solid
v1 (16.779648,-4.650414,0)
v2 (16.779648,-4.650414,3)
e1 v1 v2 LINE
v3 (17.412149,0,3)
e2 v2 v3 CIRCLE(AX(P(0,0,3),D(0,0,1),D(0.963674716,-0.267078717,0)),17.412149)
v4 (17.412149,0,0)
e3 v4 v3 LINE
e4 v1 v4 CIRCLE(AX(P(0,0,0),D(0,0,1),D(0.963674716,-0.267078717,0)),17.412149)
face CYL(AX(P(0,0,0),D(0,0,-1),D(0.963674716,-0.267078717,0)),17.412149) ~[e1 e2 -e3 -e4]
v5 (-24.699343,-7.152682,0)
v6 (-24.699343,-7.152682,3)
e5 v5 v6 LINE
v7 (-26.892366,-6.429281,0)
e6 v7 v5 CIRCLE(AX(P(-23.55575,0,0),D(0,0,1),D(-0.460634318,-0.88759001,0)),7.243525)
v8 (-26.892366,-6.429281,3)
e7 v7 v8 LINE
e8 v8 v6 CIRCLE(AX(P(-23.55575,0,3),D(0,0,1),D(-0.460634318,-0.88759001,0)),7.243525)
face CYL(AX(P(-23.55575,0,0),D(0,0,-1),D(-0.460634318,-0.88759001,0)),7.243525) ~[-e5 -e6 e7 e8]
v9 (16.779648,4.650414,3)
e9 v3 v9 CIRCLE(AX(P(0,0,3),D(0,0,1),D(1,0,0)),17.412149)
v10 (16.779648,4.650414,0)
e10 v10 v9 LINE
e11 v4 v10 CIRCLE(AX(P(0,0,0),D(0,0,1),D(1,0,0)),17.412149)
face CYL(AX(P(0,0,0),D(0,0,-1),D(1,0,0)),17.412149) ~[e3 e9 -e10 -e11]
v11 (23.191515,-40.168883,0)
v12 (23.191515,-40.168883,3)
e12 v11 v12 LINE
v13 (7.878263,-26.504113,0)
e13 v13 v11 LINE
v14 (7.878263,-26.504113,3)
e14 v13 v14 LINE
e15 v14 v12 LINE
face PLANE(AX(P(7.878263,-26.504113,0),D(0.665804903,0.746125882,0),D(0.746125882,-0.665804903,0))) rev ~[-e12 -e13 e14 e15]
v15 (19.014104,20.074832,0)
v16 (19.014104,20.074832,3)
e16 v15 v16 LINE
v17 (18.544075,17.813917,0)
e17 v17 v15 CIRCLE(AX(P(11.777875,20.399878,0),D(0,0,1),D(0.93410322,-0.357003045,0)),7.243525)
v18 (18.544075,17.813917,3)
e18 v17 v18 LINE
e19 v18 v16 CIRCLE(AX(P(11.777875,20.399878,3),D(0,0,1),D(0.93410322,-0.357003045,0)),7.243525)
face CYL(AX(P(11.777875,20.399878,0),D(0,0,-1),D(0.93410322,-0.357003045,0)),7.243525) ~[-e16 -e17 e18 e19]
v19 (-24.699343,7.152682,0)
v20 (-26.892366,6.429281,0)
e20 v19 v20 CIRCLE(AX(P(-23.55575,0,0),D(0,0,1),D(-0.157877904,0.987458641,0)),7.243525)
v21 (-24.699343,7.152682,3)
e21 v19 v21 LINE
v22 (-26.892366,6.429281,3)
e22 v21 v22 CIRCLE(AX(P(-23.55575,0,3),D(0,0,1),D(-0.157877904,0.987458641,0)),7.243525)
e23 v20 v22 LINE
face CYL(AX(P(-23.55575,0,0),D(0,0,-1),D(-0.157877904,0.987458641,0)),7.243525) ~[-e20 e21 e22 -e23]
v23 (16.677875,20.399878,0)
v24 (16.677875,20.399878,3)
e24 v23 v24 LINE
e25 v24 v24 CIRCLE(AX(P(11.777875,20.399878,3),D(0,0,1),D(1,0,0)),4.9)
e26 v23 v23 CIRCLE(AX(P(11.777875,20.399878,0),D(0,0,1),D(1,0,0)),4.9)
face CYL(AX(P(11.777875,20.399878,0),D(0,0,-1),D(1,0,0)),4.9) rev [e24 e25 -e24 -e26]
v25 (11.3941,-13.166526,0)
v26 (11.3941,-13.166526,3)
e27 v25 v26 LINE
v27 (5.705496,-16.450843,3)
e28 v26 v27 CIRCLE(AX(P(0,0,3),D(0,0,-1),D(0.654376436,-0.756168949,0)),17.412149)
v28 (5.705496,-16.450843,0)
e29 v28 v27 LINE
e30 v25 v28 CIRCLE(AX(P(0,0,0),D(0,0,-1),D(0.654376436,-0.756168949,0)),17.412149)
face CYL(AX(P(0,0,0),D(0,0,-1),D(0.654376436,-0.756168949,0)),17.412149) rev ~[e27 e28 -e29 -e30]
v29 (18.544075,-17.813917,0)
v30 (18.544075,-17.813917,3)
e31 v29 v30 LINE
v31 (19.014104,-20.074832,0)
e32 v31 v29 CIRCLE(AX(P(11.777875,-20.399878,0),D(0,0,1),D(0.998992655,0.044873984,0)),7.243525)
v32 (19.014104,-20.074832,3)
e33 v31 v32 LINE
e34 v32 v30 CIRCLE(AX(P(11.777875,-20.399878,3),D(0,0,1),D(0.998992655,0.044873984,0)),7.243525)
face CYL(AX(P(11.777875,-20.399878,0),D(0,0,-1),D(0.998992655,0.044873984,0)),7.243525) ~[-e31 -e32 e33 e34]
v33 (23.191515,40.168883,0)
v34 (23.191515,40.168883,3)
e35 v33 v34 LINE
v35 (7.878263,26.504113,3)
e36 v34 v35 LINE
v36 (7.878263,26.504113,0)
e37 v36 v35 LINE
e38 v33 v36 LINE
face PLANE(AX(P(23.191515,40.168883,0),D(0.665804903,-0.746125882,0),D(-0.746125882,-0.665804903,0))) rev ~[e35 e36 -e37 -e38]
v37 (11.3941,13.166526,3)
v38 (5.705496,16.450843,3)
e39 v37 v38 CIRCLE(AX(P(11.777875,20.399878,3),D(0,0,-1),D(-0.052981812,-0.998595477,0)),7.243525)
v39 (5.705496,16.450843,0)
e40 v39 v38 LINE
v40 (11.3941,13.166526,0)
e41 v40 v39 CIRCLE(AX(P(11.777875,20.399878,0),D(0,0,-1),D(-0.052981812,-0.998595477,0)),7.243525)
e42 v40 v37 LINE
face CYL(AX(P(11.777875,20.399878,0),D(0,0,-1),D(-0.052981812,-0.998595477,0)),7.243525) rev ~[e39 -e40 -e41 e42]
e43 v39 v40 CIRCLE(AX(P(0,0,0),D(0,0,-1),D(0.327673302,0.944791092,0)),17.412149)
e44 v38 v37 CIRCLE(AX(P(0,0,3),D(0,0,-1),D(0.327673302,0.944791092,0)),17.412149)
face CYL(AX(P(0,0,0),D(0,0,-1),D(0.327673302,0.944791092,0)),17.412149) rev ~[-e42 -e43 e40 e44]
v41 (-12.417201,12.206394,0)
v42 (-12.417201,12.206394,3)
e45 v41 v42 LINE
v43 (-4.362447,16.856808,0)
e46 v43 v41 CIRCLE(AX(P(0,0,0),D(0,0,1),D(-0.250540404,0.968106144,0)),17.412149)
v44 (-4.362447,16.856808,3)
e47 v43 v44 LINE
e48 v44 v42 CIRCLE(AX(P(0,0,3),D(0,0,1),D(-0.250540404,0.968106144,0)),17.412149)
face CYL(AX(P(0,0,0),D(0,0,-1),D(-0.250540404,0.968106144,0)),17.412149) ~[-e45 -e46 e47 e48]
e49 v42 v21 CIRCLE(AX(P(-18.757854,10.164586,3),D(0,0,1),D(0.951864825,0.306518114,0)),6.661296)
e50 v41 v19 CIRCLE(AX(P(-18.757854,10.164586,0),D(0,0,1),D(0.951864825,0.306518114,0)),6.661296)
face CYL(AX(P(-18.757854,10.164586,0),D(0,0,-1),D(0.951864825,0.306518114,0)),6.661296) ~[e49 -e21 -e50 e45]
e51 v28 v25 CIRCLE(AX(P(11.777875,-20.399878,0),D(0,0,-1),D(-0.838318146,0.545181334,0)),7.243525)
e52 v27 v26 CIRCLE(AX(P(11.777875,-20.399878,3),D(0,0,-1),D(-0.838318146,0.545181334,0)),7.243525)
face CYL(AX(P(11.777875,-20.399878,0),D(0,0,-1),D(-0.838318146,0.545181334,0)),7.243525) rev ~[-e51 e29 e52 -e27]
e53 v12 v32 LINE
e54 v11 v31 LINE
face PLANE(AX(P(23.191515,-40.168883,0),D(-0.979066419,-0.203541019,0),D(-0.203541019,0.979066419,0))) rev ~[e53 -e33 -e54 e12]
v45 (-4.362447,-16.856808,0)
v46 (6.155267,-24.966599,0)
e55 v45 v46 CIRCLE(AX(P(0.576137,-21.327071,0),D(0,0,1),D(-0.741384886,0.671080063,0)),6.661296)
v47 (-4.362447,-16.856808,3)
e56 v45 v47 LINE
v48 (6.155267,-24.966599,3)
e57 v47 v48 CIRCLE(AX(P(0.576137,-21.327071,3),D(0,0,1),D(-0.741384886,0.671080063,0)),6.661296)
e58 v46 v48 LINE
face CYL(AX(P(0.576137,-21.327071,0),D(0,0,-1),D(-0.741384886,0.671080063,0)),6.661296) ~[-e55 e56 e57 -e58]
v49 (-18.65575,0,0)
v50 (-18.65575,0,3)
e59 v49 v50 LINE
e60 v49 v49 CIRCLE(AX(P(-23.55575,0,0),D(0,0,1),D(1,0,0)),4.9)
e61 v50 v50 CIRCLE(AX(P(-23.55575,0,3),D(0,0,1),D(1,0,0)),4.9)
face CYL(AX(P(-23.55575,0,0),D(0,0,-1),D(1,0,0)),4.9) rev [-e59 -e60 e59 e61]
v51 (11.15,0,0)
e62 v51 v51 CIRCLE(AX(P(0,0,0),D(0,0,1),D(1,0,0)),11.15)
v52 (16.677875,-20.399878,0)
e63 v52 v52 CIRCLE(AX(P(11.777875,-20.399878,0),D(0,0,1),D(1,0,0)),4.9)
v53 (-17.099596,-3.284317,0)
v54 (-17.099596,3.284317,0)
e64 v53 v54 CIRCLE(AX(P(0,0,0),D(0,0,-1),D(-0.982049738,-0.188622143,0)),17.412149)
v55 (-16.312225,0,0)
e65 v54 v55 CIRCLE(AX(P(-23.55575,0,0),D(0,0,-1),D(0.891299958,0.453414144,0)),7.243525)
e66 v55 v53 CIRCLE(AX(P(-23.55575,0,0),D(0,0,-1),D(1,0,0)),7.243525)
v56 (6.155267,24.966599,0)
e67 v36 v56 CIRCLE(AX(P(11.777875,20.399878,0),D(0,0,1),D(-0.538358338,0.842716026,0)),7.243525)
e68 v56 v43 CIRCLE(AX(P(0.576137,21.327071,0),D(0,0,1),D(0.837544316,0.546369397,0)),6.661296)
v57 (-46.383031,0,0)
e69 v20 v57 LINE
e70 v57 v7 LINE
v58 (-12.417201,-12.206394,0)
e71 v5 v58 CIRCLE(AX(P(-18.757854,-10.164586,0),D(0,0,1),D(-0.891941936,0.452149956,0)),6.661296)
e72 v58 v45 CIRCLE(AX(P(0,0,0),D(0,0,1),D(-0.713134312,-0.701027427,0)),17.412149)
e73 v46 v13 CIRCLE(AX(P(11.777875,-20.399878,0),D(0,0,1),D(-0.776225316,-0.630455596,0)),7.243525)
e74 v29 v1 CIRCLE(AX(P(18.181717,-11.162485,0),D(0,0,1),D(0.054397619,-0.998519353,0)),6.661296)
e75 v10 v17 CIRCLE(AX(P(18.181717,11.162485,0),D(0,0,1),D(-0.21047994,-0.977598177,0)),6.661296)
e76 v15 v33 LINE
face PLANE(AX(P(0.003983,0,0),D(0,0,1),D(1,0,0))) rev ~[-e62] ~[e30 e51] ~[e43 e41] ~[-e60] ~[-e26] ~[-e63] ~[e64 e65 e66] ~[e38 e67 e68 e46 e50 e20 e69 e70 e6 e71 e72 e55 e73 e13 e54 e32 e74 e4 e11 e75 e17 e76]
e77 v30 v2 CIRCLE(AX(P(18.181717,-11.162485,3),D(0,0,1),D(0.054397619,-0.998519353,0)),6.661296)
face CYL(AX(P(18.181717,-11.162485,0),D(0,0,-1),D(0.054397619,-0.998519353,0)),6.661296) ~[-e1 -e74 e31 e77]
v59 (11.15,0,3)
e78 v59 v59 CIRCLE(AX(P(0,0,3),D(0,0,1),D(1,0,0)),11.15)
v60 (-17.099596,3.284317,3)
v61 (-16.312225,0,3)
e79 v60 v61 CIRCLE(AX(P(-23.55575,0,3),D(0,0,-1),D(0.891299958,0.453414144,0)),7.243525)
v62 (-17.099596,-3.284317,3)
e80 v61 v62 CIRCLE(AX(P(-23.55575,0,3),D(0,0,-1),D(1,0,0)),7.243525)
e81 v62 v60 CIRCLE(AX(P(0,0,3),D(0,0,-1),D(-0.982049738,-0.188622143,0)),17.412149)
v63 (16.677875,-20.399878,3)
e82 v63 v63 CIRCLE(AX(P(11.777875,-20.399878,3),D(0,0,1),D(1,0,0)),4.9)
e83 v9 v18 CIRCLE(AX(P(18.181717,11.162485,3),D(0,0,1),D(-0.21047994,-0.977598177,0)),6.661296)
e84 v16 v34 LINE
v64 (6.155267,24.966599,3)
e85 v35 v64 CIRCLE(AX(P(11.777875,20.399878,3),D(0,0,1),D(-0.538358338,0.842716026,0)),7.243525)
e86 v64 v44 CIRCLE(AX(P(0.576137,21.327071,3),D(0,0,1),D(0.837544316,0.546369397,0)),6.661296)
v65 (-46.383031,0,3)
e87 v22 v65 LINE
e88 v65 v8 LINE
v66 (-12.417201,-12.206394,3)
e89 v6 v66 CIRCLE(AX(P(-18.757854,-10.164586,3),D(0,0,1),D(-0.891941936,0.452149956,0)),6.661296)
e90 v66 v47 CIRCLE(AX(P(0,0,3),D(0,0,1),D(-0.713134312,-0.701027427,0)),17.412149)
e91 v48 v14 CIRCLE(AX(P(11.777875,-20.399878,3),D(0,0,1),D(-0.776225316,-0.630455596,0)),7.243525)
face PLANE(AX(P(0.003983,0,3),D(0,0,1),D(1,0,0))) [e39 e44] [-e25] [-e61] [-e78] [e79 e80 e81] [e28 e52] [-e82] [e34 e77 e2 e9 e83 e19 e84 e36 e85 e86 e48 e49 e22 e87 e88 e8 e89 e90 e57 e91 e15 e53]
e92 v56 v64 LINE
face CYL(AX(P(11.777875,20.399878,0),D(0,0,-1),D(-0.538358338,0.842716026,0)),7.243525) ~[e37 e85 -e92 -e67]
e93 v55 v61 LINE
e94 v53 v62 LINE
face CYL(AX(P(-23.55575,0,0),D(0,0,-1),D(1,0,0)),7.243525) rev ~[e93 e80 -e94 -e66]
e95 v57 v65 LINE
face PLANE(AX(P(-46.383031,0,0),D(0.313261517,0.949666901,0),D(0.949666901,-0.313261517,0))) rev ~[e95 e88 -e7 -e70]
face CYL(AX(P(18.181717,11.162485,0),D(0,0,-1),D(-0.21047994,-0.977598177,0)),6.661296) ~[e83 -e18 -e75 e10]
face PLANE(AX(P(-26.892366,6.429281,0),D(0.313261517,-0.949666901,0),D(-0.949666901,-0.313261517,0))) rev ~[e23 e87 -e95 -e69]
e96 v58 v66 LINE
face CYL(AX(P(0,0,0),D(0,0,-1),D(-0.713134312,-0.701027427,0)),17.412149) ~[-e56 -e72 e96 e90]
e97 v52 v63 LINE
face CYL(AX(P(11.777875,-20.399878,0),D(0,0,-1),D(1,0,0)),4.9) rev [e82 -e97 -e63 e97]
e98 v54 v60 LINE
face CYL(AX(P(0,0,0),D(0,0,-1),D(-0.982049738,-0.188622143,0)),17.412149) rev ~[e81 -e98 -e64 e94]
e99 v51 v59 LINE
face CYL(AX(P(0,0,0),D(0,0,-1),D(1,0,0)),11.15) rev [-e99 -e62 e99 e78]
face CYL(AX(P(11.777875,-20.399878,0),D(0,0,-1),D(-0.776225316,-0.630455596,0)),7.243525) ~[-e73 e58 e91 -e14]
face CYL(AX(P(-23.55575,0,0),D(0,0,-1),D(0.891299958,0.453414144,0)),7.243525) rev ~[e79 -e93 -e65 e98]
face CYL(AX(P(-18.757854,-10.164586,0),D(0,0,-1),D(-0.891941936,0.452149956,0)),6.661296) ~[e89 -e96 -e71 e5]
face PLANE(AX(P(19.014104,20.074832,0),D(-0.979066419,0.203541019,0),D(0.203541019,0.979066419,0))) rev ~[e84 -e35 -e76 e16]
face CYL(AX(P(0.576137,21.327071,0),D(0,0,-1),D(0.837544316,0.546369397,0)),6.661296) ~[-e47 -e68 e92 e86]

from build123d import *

# Parameters (mm, degrees)
F0_R     = 11.15
F0_R_2   = 4.9
F1_DEPTH = 3


with BuildPart() as f1:
    # F0 (on Top) → F1 (new body)
    with BuildSketch(Plane.XY):
        with BuildLine():
            ThreePointArc((16.7796476189, -4.6504143809), (17.2532989655, -2.3466152082), (17.4121488659, 0))
            ThreePointArc((17.4121488659, 0), (17.2532989655, 2.3466152082), (16.7796476189, 4.6504143809))
            ThreePointArc((16.7796476189, 4.6504143809), (14.716353257, 9.3065501096), (11.394099918, 13.1665263143))
            ThreePointArc((11.394099918, 13.1665263143), (8.1561123591, 14.1268009982), (5.7054963088, 16.4508431394))
            ThreePointArc((5.7054963088, 16.4508431394), (0.7015321881, 17.3980108264), (-4.3624468175, 16.8568082949))
            ThreePointArc((-4.3624468175, 16.8568082949), (-8.7060744329, 15.0793632523), (-12.4172008014, 12.2063939141))
            ThreePointArc((-12.4172008014, 12.2063939141), (-15.417885445, 8.0914607168), (-17.0995962268, 3.2843168251))
            ThreePointArc((-17.0995962268, 3.2843168251), (-16.5118174482, 1.6886896474), (-16.3122247182, 0))
            ThreePointArc((-16.3122247182, 0), (-16.5118174482, -1.6886896474), (-17.0995962268, -3.2843168251))
            ThreePointArc((-17.0995962268, -3.2843168251), (-15.417885445, -8.0914607168), (-12.4172008014, -12.2063939141))
            ThreePointArc((-12.4172008014, -12.2063939141), (-8.7060744329, -15.0793632523), (-4.3624468175, -16.8568082949))
            ThreePointArc((-4.3624468175, -16.8568082949), (0.7015321881, -17.3980108264), (5.7054963088, -16.4508431394))
            ThreePointArc((5.7054963088, -16.4508431394), (8.1561123591, -14.1268009982), (11.394099918, -13.1665263143))
            ThreePointArc((11.394099918, -13.1665263143), (14.716353257, -9.3065501096), (16.7796476189, -4.6504143809))
        make_face()
        Circle(F0_R, mode=Mode.SUBTRACT)
        with BuildLine():
            ThreePointArc((11.394099918, 13.1665263143), (14.716353257, 9.3065501096), (16.7796476189, 4.6504143809))
            ThreePointArc((16.7796476189, 4.6504143809), (24.783966475, 10.2775233545), (18.5440753296, 17.8139173361))
            ThreePointArc((18.5440753296, 17.8139173361), (15.7254563935, 14.3265542792), (11.394099918, 13.1665263143))
        make_face()
        with BuildLine():
            ThreePointArc((18.5440753296, -17.8139173361), (24.783966475, -10.2775233545), (16.7796476189, -4.6504143809))
            ThreePointArc((16.7796476189, -4.6504143809), (14.716353257, -9.3065501096), (11.394099918, -13.1665263143))
            ThreePointArc((11.394099918, -13.1665263143), (15.7254563935, -14.3265542792), (18.5440753296, -17.8139173361))
        make_face()
        with BuildLine():
            ThreePointArc((5.7054963088, 16.4508431394), (8.7060744329, 15.0793632523), (11.394099918, 13.1665263143))
            ThreePointArc((11.394099918, 13.1665263143), (15.7254563935, 14.3265542792), (18.5440753296, 17.8139173361))
            Line((18.5440753296, 17.8139173361), (19.0141035967, 20.0748320902))
            ThreePointArc((19.0141035967, 20.0748320902), (19.0195759115, 20.2373140649), (19.0214003227, 20.3998779288))
            ThreePointArc((19.0214003227, 20.3998779288), (15.2579410266, 26.7526568049), (7.8782627684, 26.50411279))
            Line((7.8782627684, 26.50411279), (6.1552672891, 24.9665989932))
            ThreePointArc((6.1552672891, 24.9665989932), (4.5444317578, 20.7819218625), (5.7054963088, 16.4508431394))
        make_face()
        with Locations((11.7778750136, 20.3998779288)):
            Circle(F0_R_2, mode=Mode.SUBTRACT)
        with BuildLine():
            Line((19.0141035967, 20.0748320902), (18.5440753296, 17.8139173361))
            ThreePointArc((18.5440753296, 17.8139173361), (18.8697674021, 18.9255234077), (19.0141035967, 20.0748320902))
        make_face()
        with BuildLine():
            ThreePointArc((18.5440753296, -17.8139173361), (15.7254563935, -14.3265542792), (11.394099918, -13.1665263143))
            ThreePointArc((11.394099918, -13.1665263143), (8.7060744329, -15.0793632523), (5.7054963088, -16.4508431394))
            ThreePointArc((5.7054963088, -16.4508431394), (4.5444317578, -20.7819218625), (6.1552672891, -24.9665989932))
            Line((6.1552672891, -24.9665989932), (7.8782627684, -26.50411279))
            ThreePointArc((7.8782627684, -26.50411279), (15.2579410266, -26.7526568049), (19.0214003227, -20.3998779288))
            ThreePointArc((19.0214003227, -20.3998779288), (19.0195759115, -20.2373140649), (19.0141035967, -20.0748320902))
            Line((19.0141035967, -20.0748320902), (18.5440753296, -17.8139173361))
        make_face()
        with Locations((11.7778750136, -20.3998779288)):
            Circle(F0_R_2, mode=Mode.SUBTRACT)
        with BuildLine():
            ThreePointArc((19.0141035967, -20.0748320902), (18.8697674021, -18.9255234077), (18.5440753296, -17.8139173361))
            Line((18.5440753296, -17.8139173361), (19.0141035967, -20.0748320902))
        make_face()
        with BuildLine():
            ThreePointArc((-4.3624468175, 16.8568082949), (0.7015321881, 17.3980108264), (5.7054963088, 16.4508431394))
            ThreePointArc((5.7054963088, 16.4508431394), (4.5444317578, 20.7819218625), (6.1552672891, 24.9665989932))
            ThreePointArc((6.1552672891, 24.9665989932), (-3.4913869245, 26.6023062511), (-4.3624468175, 16.8568082949))
        make_face()
        with BuildLine():
            ThreePointArc((19.0214003227, 20.3998779288), (19.0195759115, 20.2373140649), (19.0141035967, 20.0748320902))
            Line((19.0141035967, 20.0748320902), (23.1915153563, 40.1688829016))
            Line((23.1915153563, 40.1688829016), (7.8782627684, 26.50411279))
            ThreePointArc((7.8782627684, 26.50411279), (15.2579410266, 26.7526568049), (19.0214003227, 20.3998779288))
        make_face()
        with BuildLine():
            ThreePointArc((6.1552672891, -24.9665989932), (4.5444317578, -20.7819218625), (5.7054963088, -16.4508431394))
            ThreePointArc((5.7054963088, -16.4508431394), (0.7015321881, -17.3980108264), (-4.3624468175, -16.8568082949))
            ThreePointArc((-4.3624468175, -16.8568082949), (-3.4913869245, -26.6023062511), (6.1552672891, -24.9665989932))
        make_face()
        with BuildLine():
            Line((23.1915153563, -40.1688829016), (19.0141035967, -20.0748320902))
            ThreePointArc((19.0141035967, -20.0748320902), (19.0195759115, -20.2373140649), (19.0214003227, -20.3998779288))
            ThreePointArc((19.0214003227, -20.3998779288), (15.2579410266, -26.7526568049), (7.8782627684, -26.50411279))
            Line((7.8782627684, -26.50411279), (23.1915153563, -40.1688829016))
        make_face()
        with BuildLine():
            ThreePointArc((7.8782627684, 26.50411279), (6.95510035, 25.8044596376), (6.1552672891, 24.9665989932))
            Line((6.1552672891, 24.9665989932), (7.8782627684, 26.50411279))
        make_face()
        with BuildLine():
            Line((7.8782627684, -26.50411279), (6.1552672891, -24.9665989932))
            ThreePointArc((6.1552672891, -24.9665989932), (6.95510035, -25.8044596376), (7.8782627684, -26.50411279))
        make_face()
        with BuildLine():
            ThreePointArc((-17.0995962268, 3.2843168251), (-15.417885445, 8.0914607168), (-12.4172008014, 12.2063939141))
            ThreePointArc((-12.4172008014, 12.2063939141), (-21.2925795505, 16.3247828966), (-24.6993426188, 7.1526816571))
            ThreePointArc((-24.6993426188, 7.1526816571), (-20.2698881513, 6.4553675833), (-17.0995962268, 3.2843168251))
        make_face()
        with BuildLine():
            ThreePointArc((-24.6993426188, -7.1526816571), (-21.2925795505, -16.3247828966), (-12.4172008014, -12.2063939141))
            ThreePointArc((-12.4172008014, -12.2063939141), (-15.417885445, -8.0914607168), (-17.0995962268, -3.2843168251))
            ThreePointArc((-17.0995962268, -3.2843168251), (-20.2698881513, -6.4553675833), (-24.6993426188, -7.1526816571))
        make_face()
        with BuildLine():
            ThreePointArc((-17.0995962268, -3.2843168251), (-17.4121488659, 0), (-17.0995962268, 3.2843168251))
            ThreePointArc((-17.0995962268, 3.2843168251), (-20.2698881513, 6.4553675833), (-24.6993426188, 7.1526816571))
            Line((-24.6993426188, 7.1526816571), (-26.8923663651, 6.4292806998))
            ThreePointArc((-26.8923663651, 6.4292806998), (-30.7992753364, 0), (-26.8923663651, -6.4292806998))
            Line((-26.8923663651, -6.4292806998), (-24.6993426188, -7.1526816571))
            ThreePointArc((-24.6993426188, -7.1526816571), (-20.2698881513, -6.4553675833), (-17.0995962268, -3.2843168251))
        make_face()
        with Locations((-23.5557500273, 0)):
            Circle(F0_R_2, mode=Mode.SUBTRACT)
        with BuildLine():
            Line((-26.8923663651, 6.4292806998), (-24.6993426188, 7.1526816571))
            ThreePointArc((-24.6993426188, 7.1526816571), (-25.8248677521, 6.8789362299), (-26.8923663651, 6.4292806998))
        make_face()
        with BuildLine():
            ThreePointArc((-26.8923663651, -6.4292806998), (-25.8248677521, -6.8789362299), (-24.6993426188, -7.1526816571))
            Line((-24.6993426188, -7.1526816571), (-26.8923663651, -6.4292806998))
        make_face()
        with BuildLine():
            ThreePointArc((-26.8923663651, -6.4292806998), (-30.7992753364, 0), (-26.8923663651, 6.4292806998))
            Line((-26.8923663651, 6.4292806998), (-46.3830307126, 0))
            Line((-46.3830307126, 0), (-26.8923663651, -6.4292806998))
        make_face()
    extrude(amount=F1_DEPTH)


solid = f1.part
